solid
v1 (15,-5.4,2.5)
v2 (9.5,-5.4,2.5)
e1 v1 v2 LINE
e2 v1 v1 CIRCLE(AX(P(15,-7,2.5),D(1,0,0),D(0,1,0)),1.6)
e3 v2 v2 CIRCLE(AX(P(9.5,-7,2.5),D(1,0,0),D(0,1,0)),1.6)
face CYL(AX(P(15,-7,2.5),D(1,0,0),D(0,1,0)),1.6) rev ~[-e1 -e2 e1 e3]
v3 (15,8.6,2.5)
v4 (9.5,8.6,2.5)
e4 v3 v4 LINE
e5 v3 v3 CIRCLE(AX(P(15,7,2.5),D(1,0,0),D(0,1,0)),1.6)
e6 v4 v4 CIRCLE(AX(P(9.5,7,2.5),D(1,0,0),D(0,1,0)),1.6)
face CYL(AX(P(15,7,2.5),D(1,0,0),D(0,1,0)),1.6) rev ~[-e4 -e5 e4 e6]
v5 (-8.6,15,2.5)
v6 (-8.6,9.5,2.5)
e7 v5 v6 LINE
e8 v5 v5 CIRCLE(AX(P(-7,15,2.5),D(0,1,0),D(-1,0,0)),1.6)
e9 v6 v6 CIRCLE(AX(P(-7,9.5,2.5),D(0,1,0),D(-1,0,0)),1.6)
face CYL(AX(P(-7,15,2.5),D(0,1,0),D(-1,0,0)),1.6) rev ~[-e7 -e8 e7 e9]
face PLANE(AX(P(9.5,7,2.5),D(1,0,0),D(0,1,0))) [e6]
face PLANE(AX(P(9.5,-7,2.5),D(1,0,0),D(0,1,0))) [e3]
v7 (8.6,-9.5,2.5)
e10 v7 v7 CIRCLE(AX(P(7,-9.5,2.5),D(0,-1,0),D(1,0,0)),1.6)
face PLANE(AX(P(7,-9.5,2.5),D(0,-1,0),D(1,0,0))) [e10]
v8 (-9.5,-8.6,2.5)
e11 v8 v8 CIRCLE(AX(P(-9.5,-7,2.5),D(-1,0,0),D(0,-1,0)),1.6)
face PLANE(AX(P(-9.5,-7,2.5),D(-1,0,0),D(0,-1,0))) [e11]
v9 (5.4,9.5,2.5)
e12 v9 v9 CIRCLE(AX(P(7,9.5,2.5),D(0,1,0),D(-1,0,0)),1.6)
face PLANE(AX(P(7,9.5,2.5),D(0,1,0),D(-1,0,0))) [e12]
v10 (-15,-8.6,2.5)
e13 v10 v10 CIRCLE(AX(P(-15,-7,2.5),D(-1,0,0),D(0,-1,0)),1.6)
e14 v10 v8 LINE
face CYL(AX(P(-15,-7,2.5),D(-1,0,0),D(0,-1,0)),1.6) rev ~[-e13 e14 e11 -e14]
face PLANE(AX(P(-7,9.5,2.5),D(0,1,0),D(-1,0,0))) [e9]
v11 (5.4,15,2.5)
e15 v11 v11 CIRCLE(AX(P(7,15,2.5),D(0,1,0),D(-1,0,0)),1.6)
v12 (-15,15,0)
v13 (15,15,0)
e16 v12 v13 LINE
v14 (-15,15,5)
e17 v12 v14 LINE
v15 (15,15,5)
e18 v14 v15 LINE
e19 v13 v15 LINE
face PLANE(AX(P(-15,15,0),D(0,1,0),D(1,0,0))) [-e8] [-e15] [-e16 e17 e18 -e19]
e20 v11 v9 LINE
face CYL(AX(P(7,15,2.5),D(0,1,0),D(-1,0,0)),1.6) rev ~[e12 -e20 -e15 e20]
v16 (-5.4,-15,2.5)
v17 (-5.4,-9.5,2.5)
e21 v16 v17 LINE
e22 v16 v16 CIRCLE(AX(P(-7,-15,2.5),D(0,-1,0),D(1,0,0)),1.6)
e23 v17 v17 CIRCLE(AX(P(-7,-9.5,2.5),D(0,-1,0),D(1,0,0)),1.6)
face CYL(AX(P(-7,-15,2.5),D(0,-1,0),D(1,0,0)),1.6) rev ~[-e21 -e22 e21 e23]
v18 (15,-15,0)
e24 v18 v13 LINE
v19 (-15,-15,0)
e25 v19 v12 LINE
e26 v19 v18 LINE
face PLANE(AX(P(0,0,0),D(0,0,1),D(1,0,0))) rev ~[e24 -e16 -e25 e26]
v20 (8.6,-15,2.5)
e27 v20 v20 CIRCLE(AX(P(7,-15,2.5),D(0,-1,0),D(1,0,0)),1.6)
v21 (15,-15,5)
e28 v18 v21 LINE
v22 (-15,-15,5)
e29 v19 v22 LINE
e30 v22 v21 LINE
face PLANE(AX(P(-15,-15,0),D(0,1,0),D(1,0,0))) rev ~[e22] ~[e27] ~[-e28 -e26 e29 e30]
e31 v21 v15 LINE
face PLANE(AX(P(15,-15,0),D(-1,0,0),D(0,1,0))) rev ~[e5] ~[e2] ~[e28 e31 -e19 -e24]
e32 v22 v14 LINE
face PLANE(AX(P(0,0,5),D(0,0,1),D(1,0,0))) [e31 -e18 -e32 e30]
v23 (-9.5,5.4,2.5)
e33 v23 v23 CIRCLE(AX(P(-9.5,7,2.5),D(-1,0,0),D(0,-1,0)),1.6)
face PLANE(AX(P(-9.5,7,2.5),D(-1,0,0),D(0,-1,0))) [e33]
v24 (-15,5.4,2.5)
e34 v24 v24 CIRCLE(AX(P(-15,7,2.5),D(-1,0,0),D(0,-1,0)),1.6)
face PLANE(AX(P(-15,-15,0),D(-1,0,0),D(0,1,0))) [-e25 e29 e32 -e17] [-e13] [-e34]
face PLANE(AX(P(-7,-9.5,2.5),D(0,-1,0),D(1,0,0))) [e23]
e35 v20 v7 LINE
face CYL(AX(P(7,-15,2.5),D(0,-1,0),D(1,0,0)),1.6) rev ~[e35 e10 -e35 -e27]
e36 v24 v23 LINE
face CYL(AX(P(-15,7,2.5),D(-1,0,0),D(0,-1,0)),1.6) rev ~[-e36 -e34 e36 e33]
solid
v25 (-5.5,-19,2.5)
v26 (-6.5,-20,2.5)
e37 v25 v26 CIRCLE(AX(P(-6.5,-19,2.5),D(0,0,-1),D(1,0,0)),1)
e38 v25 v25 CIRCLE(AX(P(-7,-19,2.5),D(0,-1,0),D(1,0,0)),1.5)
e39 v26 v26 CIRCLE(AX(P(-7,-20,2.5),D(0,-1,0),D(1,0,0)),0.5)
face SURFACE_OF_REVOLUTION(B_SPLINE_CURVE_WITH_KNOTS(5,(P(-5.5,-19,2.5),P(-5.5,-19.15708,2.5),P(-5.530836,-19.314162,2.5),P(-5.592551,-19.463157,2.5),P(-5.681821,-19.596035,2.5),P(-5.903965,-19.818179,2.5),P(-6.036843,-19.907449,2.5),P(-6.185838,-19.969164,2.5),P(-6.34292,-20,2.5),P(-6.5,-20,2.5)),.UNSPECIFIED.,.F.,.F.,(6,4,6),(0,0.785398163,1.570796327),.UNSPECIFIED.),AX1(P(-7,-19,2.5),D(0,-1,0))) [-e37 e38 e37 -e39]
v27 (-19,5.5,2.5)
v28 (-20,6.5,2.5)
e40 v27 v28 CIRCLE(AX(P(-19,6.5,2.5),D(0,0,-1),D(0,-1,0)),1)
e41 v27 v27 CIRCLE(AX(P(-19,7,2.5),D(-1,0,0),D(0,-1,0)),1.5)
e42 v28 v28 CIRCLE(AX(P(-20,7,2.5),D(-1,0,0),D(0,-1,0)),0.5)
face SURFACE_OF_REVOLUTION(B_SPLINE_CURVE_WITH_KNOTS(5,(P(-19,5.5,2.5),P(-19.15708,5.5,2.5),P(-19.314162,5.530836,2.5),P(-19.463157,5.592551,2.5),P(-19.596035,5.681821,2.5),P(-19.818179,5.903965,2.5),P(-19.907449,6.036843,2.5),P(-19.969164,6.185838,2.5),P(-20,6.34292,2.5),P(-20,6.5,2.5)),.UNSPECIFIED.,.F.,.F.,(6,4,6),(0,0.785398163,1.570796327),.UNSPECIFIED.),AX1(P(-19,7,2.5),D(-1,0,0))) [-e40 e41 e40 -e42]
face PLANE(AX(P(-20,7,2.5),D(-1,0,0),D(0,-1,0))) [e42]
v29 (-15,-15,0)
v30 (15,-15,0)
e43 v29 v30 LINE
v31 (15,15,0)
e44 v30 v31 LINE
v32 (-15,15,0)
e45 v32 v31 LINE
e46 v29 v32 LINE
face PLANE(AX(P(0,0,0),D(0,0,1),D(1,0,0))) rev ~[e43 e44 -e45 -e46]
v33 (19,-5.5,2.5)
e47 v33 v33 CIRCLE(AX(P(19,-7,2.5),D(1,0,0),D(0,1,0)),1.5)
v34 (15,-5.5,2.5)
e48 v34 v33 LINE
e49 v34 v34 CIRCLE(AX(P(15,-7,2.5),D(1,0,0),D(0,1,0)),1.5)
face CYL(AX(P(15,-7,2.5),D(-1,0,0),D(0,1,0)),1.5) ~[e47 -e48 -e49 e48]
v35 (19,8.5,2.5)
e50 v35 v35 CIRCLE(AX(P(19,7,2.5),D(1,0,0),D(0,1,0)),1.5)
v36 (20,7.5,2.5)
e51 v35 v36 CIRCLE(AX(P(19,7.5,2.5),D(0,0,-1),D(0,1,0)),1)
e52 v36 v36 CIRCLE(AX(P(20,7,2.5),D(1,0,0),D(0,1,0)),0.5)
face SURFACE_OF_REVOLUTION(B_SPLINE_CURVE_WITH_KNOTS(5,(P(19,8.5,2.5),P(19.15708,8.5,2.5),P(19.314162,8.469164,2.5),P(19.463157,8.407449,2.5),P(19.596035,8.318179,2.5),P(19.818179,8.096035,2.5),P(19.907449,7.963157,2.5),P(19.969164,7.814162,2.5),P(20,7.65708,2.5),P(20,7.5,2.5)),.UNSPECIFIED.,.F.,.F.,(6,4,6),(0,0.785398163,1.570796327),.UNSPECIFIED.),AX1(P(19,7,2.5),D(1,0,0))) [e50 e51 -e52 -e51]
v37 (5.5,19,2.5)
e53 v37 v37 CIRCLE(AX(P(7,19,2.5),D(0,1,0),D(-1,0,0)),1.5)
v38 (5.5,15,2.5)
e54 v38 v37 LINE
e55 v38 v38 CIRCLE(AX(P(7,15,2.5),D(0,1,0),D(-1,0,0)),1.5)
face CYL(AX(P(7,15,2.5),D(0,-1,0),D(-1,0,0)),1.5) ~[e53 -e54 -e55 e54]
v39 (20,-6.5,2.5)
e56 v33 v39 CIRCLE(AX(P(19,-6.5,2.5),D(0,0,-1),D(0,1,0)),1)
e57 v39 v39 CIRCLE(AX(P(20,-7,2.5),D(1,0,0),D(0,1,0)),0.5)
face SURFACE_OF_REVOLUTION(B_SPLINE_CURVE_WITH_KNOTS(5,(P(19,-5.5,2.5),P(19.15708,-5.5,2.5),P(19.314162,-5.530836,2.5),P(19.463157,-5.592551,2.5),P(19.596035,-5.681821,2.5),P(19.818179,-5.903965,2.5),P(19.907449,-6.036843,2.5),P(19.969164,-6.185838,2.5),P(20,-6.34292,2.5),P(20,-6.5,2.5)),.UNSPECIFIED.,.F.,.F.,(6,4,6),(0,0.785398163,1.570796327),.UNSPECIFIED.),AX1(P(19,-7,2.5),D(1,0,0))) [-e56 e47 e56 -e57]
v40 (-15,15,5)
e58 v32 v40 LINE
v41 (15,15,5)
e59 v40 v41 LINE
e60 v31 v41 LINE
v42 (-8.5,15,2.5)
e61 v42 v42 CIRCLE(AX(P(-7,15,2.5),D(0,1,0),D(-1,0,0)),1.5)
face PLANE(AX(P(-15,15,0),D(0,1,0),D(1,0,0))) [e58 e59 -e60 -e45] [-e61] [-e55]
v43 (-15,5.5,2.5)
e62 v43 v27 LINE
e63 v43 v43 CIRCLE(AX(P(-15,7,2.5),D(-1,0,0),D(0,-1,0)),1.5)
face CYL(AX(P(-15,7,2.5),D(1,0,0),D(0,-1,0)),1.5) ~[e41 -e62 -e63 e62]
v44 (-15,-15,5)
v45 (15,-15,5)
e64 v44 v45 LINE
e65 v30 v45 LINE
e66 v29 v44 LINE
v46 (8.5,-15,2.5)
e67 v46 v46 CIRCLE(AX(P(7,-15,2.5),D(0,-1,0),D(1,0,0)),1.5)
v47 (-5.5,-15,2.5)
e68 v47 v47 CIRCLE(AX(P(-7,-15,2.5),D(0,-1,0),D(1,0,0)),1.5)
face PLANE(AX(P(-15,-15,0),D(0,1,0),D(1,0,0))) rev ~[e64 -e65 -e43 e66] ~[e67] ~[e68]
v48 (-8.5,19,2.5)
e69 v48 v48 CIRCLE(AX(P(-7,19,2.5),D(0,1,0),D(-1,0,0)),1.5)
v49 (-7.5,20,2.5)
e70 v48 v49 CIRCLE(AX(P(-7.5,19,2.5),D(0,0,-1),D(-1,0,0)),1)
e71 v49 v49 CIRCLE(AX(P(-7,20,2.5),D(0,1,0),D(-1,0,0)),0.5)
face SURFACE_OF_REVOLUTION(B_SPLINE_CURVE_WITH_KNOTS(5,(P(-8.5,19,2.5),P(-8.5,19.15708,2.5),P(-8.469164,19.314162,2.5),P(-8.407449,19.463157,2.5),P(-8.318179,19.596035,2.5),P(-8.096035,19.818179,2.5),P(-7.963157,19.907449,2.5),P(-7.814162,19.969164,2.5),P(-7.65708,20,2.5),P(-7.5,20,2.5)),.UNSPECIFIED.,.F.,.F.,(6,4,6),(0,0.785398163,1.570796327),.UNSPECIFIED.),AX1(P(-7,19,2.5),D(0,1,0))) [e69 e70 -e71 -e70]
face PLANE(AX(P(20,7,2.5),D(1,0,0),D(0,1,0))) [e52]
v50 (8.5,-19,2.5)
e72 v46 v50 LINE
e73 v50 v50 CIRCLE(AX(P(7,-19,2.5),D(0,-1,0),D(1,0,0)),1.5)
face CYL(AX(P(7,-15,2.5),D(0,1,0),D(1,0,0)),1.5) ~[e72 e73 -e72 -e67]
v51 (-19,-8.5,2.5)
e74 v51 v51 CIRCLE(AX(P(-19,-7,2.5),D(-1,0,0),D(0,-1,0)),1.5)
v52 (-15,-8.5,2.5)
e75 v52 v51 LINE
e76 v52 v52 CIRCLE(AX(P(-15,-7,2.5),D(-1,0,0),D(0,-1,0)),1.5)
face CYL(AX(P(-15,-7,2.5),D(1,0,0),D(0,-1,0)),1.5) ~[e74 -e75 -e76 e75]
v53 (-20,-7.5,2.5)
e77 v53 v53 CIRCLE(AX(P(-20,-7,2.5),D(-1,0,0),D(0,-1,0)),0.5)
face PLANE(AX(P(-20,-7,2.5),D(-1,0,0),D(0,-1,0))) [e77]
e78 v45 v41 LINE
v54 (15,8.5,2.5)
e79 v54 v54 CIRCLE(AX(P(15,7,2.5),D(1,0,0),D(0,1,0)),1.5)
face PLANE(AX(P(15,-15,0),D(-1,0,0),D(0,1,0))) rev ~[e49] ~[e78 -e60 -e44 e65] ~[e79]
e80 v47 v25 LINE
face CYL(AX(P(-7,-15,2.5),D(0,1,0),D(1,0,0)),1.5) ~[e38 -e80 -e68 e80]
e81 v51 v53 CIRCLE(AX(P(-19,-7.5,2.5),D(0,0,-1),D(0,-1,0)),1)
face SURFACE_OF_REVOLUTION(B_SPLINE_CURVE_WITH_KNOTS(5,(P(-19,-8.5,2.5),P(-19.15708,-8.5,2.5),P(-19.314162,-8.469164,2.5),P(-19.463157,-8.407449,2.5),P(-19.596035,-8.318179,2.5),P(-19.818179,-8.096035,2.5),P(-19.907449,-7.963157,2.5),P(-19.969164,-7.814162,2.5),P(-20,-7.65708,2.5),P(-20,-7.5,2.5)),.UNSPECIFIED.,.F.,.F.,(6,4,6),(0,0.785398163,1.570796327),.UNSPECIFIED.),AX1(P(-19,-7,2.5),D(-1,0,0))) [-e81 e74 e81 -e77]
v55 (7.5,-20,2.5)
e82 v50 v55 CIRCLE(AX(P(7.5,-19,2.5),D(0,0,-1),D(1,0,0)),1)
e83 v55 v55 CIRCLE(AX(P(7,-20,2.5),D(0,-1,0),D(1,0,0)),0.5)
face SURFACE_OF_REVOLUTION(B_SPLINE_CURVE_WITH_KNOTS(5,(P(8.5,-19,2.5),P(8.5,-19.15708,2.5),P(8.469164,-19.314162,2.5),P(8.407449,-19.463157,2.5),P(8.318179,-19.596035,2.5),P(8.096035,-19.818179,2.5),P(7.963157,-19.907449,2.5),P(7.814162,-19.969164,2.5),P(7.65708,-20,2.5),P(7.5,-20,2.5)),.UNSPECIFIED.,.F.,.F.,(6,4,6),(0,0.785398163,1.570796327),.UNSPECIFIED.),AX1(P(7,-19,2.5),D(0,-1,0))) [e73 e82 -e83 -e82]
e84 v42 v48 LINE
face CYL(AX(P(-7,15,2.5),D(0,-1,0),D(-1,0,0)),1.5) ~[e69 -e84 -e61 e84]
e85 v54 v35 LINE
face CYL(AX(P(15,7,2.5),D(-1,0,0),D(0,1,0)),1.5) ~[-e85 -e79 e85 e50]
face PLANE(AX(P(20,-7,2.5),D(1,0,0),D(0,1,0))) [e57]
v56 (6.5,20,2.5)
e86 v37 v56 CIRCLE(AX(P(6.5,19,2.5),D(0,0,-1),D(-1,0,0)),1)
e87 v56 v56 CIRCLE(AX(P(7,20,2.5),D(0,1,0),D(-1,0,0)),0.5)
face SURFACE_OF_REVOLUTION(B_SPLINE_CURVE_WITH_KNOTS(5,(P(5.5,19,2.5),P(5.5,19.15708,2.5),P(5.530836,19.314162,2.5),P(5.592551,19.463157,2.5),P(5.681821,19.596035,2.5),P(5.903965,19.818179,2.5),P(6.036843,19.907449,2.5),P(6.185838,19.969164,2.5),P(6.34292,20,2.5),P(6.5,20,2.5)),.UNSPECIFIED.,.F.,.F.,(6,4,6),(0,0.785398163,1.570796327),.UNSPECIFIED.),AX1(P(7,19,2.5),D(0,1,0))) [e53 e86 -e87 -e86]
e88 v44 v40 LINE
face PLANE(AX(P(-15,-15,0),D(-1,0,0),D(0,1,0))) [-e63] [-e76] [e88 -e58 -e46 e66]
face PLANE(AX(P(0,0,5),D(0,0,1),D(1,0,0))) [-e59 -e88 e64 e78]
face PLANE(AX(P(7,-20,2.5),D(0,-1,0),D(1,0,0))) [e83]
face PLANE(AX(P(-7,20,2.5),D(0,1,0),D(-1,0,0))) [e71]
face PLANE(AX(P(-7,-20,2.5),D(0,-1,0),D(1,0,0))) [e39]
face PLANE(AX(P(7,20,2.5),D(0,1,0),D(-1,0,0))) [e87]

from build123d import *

# Parameters (mm, degrees)
F0_W      = 30
F0_H      = 30
F1_DEPTH  = 5
F5_R      = 1.5
F6_DEPTH  = 5
F4_R      = 1.5
F7_DEPTH  = 5
F3_R      = 1.5
F8_DEPTH  = 5
F2_R      = 1.5
F9_DEPTH  = 5
F10_R     = 1
F11_W     = 30
F11_H     = 30
F12_DEPTH = 5
F13_R     = 1.6
F14_DEPTH = 5.5
F15_R     = 1.6
F16_DEPTH = 5.5
F17_R     = 1.6
F18_DEPTH = 5.5
F19_R     = 1.6
F20_DEPTH = 5.5


with BuildPart() as f1:
    # F0 (on Top) → F1 (new body)
    with BuildSketch(Plane.XY):
        Rectangle(F0_W, F0_H)
    extrude(amount=F1_DEPTH)

    # F5 (on face) → F6 (join)
    with BuildSketch(Plane.YZ.offset(15)):
        with Locations((-7, 2.5)):
            Circle(F5_R)
        with Locations((7, 2.5)):
            Circle(F5_R)
    extrude(amount=F6_DEPTH)

    # F4 (on face) → F7 (join)
    with BuildSketch(Plane(origin=(0, 15, 0), x_dir=(-1, 0, 0), z_dir=(0, 1, 0))):
        with Locations((-7, 2.5)):
            Circle(F4_R)
        with Locations((7, 2.5)):
            Circle(F4_R)
    extrude(amount=F7_DEPTH)

    # F3 (on face) → F8 (join)
    with BuildSketch(Plane(origin=(-15, 0, 0), x_dir=(0, -1, 0), z_dir=(-1, 0, 0))):
        with Locations((-7, 2.5)):
            Circle(F3_R)
        with Locations((7, 2.5)):
            Circle(F3_R)
    extrude(amount=F8_DEPTH)

    # F2 (on face) → F9 (join)
    with BuildSketch(Plane.XZ.offset(15)):
        with Locations((7, 2.5)):
            Circle(F2_R)
        with Locations((-7, 2.5)):
            Circle(F2_R)
    extrude(amount=F9_DEPTH)

    # F10
    f10_edges = [f1.edges().sort_by_distance(p)[0] for p in [
        (20, -8.5, 2.5),
        (20, 5.5, 2.5),
        (8.5, 20, 2.5),
        (-5.5, 20, 2.5),
        (-20, 8.5, 2.5),
        (-20, -5.5, 2.5),
        (5.5, -20, 2.5),
        (-8.5, -20, 2.5),
    ]]
    fillet(f10_edges, radius=F10_R)


with BuildPart() as f12:
    # F11 (on Top) → F12 (new body)
    with BuildSketch(Plane.XY):
        Rectangle(F11_W, F11_H)
    extrude(amount=F12_DEPTH)

    # F13 (on face) → F14 (cut)
    with BuildSketch(Plane.XZ.offset(15)):
        with Locations((-7, 2.5)):
            Circle(F13_R)
        with Locations((7, 2.5)):
            Circle(F13_R)
    extrude(amount=-F14_DEPTH, mode=Mode.SUBTRACT)

    # F15 (on face) → F16 (cut)
    with BuildSketch(Plane.YZ.offset(15)):
        with Locations((-7, 2.5)):
            Circle(F15_R)
        with Locations((7, 2.5)):
            Circle(F15_R)
    extrude(amount=-F16_DEPTH, mode=Mode.SUBTRACT)

    # F17 (on face) → F18 (cut)
    with BuildSketch(Plane(origin=(0, 15, 0), x_dir=(-1, 0, 0), z_dir=(0, 1, 0))):
        with Locations((-7, 2.5)):
            Circle(F17_R)
        with Locations((7, 2.5)):
            Circle(F17_R)
    extrude(amount=-F18_DEPTH, mode=Mode.SUBTRACT)

    # F19 (on face) → F20 (cut)
    with BuildSketch(Plane(origin=(-15, 0, 0), x_dir=(0, -1, 0), z_dir=(-1, 0, 0))):
        with Locations((-7, 2.5)):
            Circle(F19_R)
        with Locations((7, 2.5)):
            Circle(F19_R)
    extrude(amount=-F20_DEPTH, mode=Mode.SUBTRACT)


solid = Compound([f1.part, f12.part])
